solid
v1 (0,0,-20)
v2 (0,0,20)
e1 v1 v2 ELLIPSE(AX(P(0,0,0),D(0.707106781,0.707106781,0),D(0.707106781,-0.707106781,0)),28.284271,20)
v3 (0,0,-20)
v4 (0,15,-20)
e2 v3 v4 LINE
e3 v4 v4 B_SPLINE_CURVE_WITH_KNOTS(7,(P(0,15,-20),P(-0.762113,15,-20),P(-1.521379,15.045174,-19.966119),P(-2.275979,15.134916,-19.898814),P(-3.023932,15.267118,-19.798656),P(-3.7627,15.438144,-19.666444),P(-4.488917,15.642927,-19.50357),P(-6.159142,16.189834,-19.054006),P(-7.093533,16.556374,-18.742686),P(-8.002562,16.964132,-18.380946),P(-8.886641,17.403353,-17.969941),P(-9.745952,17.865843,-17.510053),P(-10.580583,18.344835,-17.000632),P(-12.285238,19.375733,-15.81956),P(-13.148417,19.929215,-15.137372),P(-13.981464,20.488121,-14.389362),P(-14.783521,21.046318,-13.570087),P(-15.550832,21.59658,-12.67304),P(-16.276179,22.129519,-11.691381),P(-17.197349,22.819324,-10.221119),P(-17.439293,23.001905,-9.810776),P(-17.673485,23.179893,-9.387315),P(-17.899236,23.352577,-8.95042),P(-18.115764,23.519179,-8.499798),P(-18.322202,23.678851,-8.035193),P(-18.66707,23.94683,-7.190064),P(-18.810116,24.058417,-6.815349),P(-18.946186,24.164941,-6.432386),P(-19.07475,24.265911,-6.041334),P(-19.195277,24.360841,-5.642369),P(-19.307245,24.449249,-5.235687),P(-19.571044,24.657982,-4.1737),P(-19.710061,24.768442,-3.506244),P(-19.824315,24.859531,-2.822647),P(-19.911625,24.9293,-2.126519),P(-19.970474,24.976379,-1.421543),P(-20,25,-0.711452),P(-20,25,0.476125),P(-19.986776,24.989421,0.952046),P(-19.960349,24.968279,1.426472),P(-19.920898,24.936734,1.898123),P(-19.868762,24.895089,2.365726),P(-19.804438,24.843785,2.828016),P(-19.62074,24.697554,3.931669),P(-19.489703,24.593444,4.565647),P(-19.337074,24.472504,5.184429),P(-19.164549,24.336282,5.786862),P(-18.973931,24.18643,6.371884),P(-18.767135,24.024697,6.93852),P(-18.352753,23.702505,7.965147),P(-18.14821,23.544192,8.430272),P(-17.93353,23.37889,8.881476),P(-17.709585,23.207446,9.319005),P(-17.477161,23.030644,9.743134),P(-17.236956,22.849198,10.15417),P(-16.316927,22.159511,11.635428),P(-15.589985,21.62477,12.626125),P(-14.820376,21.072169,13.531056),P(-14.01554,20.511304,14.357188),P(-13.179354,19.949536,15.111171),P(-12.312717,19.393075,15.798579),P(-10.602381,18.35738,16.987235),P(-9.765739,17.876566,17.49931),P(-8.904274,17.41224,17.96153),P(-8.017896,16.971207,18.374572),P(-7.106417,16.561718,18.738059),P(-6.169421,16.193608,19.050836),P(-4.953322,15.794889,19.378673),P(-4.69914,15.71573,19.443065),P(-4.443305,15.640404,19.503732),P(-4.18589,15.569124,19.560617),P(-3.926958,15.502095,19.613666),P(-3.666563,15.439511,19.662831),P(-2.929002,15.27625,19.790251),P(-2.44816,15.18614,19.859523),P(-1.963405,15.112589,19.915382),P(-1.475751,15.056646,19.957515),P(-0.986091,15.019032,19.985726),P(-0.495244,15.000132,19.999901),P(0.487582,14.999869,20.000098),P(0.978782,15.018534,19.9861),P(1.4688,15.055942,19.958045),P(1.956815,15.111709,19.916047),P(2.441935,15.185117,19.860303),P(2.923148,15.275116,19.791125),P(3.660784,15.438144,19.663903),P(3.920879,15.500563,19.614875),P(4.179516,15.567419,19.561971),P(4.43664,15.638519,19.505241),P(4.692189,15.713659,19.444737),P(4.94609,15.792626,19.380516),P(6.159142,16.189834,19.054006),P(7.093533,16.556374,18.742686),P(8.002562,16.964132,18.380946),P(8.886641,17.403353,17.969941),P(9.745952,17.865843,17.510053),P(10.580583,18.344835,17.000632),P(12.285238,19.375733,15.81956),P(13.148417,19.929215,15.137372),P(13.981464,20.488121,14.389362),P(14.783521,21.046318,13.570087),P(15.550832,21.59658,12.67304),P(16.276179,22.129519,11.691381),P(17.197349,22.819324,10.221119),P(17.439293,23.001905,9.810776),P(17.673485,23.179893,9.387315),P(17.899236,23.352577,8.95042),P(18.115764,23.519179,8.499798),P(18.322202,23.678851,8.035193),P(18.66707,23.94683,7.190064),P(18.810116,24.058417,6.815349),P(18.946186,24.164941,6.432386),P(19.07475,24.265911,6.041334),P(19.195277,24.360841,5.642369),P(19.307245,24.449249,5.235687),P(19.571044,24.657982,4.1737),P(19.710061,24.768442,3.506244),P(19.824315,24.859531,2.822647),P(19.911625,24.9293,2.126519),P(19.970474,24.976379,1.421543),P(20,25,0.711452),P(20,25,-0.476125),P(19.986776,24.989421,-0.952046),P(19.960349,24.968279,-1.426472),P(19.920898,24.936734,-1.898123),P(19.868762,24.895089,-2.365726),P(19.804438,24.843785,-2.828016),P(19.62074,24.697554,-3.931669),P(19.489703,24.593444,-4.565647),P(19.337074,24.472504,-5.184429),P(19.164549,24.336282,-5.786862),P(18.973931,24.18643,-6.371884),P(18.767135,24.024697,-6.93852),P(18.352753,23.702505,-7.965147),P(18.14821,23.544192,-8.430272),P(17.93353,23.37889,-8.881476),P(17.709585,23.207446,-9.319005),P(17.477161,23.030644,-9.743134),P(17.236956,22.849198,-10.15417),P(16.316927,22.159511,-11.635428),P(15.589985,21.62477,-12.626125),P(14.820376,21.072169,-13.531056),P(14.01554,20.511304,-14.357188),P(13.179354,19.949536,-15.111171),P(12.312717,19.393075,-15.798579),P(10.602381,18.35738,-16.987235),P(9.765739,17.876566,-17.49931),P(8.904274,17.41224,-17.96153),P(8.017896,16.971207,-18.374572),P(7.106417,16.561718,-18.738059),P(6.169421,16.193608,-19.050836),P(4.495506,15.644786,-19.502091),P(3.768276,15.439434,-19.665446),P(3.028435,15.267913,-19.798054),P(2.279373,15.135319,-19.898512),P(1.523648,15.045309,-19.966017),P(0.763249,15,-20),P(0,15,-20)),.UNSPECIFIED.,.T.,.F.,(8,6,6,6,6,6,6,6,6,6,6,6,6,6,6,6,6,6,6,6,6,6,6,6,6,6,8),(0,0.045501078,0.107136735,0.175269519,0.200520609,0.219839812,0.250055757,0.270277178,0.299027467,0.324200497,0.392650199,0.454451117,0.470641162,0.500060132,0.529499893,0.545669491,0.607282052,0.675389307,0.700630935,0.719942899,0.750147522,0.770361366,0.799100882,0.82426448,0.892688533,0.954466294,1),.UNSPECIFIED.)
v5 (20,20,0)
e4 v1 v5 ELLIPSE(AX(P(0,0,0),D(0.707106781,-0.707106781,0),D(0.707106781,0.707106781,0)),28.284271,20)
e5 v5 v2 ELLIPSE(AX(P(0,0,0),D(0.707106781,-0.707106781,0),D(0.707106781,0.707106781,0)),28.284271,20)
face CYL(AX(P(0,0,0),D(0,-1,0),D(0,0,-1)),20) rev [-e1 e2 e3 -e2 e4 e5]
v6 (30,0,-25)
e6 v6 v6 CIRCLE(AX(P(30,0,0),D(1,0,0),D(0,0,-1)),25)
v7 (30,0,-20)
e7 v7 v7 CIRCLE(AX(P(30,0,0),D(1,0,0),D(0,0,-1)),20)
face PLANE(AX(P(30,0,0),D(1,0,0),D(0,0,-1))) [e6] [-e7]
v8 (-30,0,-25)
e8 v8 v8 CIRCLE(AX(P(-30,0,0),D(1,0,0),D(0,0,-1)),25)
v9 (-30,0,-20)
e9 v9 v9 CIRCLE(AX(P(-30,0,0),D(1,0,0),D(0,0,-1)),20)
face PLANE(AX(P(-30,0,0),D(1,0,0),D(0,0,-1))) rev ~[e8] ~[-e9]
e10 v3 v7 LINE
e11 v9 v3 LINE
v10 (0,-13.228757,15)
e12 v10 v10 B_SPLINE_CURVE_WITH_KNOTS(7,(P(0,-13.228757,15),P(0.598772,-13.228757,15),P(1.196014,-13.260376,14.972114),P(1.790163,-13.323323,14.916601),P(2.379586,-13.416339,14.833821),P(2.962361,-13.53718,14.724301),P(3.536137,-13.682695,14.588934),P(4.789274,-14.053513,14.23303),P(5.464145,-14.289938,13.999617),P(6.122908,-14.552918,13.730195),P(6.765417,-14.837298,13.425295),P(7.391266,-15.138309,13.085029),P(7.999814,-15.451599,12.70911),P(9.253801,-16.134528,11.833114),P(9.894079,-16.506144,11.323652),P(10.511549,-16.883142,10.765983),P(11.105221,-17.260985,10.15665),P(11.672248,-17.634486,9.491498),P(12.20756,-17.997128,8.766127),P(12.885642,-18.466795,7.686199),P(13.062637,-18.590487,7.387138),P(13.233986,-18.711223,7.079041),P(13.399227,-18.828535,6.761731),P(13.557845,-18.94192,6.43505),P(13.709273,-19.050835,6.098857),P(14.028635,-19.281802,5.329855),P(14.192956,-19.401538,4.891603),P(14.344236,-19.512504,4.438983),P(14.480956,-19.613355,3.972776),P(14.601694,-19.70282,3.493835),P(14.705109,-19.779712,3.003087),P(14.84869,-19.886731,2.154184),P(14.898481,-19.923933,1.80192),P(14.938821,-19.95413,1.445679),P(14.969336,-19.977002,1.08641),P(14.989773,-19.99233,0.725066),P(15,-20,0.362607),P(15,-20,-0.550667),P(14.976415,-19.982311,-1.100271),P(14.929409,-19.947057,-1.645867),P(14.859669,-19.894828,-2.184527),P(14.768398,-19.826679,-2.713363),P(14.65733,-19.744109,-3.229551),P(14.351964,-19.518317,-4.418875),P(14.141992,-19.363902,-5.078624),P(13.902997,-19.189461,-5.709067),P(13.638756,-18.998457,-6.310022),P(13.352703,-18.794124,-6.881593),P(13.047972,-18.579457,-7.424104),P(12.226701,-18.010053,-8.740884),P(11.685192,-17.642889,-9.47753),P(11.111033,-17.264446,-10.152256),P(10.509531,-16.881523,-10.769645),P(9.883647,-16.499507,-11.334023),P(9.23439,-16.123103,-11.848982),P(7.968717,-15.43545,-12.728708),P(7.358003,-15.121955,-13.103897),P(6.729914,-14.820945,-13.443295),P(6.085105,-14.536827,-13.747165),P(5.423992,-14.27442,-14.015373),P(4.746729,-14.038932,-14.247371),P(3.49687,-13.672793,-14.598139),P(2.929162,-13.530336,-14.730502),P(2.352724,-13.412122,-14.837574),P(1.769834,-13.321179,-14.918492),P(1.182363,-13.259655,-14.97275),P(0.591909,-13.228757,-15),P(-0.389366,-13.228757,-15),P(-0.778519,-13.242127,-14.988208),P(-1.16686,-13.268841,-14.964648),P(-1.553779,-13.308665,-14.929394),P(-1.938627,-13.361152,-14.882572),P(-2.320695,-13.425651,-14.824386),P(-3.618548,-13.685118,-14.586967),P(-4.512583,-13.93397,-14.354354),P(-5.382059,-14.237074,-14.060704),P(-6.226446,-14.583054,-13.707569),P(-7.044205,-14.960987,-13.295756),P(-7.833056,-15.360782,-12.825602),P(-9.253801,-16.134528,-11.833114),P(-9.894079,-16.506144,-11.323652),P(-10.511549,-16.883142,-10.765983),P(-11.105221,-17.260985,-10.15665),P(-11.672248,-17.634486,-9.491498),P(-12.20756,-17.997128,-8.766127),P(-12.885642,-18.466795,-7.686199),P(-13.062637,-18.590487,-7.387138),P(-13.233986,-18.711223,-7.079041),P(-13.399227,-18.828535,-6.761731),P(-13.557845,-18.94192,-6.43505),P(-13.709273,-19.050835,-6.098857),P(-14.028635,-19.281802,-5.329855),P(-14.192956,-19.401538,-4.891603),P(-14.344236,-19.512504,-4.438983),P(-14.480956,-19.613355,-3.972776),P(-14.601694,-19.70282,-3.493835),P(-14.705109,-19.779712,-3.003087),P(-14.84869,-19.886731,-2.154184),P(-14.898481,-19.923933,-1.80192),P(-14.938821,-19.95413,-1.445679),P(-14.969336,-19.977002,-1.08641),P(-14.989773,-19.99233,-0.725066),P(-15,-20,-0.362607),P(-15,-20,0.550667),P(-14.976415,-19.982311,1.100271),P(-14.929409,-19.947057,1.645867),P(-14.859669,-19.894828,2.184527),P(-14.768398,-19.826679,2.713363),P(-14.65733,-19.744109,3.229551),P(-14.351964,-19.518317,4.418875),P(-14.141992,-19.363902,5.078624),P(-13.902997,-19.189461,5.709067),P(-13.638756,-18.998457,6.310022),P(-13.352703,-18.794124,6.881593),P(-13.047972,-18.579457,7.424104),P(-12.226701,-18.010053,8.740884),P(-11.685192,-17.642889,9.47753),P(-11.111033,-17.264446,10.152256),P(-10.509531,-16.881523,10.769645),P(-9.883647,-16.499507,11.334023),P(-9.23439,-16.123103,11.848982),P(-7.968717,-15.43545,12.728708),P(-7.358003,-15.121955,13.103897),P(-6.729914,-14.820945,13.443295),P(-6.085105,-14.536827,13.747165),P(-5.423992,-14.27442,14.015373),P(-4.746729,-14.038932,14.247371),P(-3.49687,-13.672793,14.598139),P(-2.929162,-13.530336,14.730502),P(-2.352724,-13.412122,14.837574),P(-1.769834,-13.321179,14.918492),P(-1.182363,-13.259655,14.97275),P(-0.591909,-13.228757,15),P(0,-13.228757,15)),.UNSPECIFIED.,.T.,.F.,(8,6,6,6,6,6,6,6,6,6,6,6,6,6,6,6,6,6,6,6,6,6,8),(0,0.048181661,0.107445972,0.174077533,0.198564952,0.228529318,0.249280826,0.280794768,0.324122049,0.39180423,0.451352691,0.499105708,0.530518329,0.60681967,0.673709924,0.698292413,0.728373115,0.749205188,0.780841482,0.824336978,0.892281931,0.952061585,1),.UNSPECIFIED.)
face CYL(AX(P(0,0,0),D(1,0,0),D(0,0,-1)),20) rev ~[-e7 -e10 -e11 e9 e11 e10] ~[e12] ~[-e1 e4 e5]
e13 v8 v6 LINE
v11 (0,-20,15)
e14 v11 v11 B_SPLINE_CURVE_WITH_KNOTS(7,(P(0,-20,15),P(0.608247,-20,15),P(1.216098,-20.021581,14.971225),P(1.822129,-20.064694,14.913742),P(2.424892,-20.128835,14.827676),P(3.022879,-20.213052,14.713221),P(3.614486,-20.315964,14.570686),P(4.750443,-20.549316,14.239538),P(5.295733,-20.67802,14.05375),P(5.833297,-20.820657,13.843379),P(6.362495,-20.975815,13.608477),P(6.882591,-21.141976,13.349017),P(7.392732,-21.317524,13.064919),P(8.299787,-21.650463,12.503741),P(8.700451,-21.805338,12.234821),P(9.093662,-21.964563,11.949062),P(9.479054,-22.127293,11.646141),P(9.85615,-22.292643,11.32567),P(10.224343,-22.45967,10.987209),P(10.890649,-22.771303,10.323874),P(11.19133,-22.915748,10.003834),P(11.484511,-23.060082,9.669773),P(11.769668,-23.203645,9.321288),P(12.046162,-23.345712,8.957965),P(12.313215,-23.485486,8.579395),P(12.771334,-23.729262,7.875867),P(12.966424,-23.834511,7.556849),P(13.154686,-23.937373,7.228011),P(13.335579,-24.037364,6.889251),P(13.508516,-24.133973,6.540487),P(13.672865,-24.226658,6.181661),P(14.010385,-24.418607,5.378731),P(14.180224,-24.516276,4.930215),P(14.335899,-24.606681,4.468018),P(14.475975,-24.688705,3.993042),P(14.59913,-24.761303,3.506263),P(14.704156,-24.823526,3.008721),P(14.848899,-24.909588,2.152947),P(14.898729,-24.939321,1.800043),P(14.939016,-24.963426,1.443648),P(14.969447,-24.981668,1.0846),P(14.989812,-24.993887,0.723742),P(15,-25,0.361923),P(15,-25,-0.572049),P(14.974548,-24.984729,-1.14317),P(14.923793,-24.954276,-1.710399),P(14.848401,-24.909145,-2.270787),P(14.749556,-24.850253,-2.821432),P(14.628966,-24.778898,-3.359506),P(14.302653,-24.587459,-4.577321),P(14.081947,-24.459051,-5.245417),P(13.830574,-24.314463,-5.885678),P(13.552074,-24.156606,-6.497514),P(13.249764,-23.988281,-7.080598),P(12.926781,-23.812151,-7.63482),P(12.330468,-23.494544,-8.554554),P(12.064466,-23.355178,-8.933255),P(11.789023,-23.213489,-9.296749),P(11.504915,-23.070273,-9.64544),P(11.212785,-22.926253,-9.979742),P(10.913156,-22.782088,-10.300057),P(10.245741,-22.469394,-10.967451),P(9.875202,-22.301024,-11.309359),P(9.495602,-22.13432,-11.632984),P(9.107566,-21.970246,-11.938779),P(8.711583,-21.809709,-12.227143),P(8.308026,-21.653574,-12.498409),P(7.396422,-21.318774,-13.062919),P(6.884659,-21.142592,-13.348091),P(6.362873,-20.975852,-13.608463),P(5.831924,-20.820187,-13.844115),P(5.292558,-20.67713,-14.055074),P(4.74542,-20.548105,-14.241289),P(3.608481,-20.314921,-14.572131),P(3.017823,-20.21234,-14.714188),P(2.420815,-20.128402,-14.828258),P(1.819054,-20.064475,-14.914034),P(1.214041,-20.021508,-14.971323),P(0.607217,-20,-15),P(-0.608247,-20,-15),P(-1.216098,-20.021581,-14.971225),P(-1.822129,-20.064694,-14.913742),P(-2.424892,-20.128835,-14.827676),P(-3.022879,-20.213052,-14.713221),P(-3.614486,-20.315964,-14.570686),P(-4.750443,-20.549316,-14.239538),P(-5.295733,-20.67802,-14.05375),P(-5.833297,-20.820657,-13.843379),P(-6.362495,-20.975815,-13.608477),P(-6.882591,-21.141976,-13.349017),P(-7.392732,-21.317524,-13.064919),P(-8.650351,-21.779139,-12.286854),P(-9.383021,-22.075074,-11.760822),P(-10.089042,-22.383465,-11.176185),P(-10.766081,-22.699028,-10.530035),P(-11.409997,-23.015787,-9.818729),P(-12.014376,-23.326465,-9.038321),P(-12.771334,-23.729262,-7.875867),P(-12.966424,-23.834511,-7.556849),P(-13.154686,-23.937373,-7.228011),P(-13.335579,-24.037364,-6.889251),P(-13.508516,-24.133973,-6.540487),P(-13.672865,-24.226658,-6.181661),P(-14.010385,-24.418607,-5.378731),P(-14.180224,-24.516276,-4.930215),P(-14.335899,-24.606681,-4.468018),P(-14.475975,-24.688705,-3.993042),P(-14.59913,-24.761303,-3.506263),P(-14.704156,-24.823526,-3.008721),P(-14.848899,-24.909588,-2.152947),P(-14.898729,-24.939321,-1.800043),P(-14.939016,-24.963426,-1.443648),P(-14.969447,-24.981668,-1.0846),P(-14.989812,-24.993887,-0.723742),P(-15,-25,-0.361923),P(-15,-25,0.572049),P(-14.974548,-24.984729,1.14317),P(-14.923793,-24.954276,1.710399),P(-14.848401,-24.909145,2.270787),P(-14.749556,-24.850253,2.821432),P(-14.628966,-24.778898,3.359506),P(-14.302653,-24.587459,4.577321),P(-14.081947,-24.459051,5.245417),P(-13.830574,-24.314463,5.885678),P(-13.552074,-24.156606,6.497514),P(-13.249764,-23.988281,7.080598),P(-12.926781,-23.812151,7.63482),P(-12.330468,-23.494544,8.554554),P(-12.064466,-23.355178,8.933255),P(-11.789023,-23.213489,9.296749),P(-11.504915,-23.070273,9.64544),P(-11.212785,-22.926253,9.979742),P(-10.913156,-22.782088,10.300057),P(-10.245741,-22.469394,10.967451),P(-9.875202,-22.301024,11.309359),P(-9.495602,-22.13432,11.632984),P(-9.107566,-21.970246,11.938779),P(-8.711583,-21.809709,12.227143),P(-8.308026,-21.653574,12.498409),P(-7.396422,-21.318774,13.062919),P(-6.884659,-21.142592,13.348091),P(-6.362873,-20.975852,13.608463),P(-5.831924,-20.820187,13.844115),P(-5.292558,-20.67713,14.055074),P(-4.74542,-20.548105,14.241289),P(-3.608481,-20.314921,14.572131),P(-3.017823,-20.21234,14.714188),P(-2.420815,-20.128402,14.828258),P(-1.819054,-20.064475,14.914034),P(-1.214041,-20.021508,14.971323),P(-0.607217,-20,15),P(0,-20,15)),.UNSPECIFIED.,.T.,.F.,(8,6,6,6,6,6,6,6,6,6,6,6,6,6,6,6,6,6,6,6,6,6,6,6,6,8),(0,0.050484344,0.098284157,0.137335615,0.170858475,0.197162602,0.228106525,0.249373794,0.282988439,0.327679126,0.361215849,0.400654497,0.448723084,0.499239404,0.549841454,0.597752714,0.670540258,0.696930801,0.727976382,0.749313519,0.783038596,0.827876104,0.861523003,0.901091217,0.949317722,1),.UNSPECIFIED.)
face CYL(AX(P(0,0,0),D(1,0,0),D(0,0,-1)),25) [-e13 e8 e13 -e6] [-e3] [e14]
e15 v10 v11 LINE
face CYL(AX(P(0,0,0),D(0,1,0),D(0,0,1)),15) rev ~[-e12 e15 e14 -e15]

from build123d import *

# Parameters (mm, degrees)
SKETCH_1_R          = 25
EXTRUDE_1_DEPTH     = 30
SKETCH_2_R          = 20
CUT_EXTRUDE_1_DEPTH = 30
SKETCH_3_R          = 20
CUT_EXTRUDE_2_DEPTH = 40
SKETCH_4_R          = 15
CUT_EXTRUDE_4_DEPTH = 200


with BuildPart() as part:
    # 草图1 → 凸台-拉伸1 (new, symmetric)
    with BuildSketch(Plane(origin=(0, 0, 0), x_dir=(0, 0, -1), z_dir=(1, 0, 0))):
        Circle(SKETCH_1_R)
    extrude(amount=EXTRUDE_1_DEPTH, both=True)

    # 草图2 → 切除-拉伸1 (cut, symmetric)
    with BuildSketch(Plane(origin=(0, 0, 0), x_dir=(0, 0, -1), z_dir=(1, 0, 0))):
        Circle(SKETCH_2_R)
    extrude(amount=CUT_EXTRUDE_1_DEPTH, both=True, mode=Mode.SUBTRACT)

    # 草图3 → 切除-拉伸2 (cut)
    with BuildSketch(Plane(origin=(0, 0, 0), x_dir=(1, 0, 0), z_dir=(0, 1, 0))):
        with Locations(Location((0, 0, 0), (0, 0, 90))):
            Circle(SKETCH_3_R)
    extrude(amount=CUT_EXTRUDE_2_DEPTH, mode=Mode.SUBTRACT)

    # 草图4 → 切除-拉伸4 (cut)
    with BuildSketch(Plane(origin=(0, 0, 0), x_dir=(1, 0, 0), z_dir=(0, 1, 0))):
        with Locations(Location((0, 0, 0), (0, 0, 270))):
            Circle(SKETCH_4_R)
    extrude(amount=-CUT_EXTRUDE_4_DEPTH, mode=Mode.SUBTRACT)


solid = part.part
